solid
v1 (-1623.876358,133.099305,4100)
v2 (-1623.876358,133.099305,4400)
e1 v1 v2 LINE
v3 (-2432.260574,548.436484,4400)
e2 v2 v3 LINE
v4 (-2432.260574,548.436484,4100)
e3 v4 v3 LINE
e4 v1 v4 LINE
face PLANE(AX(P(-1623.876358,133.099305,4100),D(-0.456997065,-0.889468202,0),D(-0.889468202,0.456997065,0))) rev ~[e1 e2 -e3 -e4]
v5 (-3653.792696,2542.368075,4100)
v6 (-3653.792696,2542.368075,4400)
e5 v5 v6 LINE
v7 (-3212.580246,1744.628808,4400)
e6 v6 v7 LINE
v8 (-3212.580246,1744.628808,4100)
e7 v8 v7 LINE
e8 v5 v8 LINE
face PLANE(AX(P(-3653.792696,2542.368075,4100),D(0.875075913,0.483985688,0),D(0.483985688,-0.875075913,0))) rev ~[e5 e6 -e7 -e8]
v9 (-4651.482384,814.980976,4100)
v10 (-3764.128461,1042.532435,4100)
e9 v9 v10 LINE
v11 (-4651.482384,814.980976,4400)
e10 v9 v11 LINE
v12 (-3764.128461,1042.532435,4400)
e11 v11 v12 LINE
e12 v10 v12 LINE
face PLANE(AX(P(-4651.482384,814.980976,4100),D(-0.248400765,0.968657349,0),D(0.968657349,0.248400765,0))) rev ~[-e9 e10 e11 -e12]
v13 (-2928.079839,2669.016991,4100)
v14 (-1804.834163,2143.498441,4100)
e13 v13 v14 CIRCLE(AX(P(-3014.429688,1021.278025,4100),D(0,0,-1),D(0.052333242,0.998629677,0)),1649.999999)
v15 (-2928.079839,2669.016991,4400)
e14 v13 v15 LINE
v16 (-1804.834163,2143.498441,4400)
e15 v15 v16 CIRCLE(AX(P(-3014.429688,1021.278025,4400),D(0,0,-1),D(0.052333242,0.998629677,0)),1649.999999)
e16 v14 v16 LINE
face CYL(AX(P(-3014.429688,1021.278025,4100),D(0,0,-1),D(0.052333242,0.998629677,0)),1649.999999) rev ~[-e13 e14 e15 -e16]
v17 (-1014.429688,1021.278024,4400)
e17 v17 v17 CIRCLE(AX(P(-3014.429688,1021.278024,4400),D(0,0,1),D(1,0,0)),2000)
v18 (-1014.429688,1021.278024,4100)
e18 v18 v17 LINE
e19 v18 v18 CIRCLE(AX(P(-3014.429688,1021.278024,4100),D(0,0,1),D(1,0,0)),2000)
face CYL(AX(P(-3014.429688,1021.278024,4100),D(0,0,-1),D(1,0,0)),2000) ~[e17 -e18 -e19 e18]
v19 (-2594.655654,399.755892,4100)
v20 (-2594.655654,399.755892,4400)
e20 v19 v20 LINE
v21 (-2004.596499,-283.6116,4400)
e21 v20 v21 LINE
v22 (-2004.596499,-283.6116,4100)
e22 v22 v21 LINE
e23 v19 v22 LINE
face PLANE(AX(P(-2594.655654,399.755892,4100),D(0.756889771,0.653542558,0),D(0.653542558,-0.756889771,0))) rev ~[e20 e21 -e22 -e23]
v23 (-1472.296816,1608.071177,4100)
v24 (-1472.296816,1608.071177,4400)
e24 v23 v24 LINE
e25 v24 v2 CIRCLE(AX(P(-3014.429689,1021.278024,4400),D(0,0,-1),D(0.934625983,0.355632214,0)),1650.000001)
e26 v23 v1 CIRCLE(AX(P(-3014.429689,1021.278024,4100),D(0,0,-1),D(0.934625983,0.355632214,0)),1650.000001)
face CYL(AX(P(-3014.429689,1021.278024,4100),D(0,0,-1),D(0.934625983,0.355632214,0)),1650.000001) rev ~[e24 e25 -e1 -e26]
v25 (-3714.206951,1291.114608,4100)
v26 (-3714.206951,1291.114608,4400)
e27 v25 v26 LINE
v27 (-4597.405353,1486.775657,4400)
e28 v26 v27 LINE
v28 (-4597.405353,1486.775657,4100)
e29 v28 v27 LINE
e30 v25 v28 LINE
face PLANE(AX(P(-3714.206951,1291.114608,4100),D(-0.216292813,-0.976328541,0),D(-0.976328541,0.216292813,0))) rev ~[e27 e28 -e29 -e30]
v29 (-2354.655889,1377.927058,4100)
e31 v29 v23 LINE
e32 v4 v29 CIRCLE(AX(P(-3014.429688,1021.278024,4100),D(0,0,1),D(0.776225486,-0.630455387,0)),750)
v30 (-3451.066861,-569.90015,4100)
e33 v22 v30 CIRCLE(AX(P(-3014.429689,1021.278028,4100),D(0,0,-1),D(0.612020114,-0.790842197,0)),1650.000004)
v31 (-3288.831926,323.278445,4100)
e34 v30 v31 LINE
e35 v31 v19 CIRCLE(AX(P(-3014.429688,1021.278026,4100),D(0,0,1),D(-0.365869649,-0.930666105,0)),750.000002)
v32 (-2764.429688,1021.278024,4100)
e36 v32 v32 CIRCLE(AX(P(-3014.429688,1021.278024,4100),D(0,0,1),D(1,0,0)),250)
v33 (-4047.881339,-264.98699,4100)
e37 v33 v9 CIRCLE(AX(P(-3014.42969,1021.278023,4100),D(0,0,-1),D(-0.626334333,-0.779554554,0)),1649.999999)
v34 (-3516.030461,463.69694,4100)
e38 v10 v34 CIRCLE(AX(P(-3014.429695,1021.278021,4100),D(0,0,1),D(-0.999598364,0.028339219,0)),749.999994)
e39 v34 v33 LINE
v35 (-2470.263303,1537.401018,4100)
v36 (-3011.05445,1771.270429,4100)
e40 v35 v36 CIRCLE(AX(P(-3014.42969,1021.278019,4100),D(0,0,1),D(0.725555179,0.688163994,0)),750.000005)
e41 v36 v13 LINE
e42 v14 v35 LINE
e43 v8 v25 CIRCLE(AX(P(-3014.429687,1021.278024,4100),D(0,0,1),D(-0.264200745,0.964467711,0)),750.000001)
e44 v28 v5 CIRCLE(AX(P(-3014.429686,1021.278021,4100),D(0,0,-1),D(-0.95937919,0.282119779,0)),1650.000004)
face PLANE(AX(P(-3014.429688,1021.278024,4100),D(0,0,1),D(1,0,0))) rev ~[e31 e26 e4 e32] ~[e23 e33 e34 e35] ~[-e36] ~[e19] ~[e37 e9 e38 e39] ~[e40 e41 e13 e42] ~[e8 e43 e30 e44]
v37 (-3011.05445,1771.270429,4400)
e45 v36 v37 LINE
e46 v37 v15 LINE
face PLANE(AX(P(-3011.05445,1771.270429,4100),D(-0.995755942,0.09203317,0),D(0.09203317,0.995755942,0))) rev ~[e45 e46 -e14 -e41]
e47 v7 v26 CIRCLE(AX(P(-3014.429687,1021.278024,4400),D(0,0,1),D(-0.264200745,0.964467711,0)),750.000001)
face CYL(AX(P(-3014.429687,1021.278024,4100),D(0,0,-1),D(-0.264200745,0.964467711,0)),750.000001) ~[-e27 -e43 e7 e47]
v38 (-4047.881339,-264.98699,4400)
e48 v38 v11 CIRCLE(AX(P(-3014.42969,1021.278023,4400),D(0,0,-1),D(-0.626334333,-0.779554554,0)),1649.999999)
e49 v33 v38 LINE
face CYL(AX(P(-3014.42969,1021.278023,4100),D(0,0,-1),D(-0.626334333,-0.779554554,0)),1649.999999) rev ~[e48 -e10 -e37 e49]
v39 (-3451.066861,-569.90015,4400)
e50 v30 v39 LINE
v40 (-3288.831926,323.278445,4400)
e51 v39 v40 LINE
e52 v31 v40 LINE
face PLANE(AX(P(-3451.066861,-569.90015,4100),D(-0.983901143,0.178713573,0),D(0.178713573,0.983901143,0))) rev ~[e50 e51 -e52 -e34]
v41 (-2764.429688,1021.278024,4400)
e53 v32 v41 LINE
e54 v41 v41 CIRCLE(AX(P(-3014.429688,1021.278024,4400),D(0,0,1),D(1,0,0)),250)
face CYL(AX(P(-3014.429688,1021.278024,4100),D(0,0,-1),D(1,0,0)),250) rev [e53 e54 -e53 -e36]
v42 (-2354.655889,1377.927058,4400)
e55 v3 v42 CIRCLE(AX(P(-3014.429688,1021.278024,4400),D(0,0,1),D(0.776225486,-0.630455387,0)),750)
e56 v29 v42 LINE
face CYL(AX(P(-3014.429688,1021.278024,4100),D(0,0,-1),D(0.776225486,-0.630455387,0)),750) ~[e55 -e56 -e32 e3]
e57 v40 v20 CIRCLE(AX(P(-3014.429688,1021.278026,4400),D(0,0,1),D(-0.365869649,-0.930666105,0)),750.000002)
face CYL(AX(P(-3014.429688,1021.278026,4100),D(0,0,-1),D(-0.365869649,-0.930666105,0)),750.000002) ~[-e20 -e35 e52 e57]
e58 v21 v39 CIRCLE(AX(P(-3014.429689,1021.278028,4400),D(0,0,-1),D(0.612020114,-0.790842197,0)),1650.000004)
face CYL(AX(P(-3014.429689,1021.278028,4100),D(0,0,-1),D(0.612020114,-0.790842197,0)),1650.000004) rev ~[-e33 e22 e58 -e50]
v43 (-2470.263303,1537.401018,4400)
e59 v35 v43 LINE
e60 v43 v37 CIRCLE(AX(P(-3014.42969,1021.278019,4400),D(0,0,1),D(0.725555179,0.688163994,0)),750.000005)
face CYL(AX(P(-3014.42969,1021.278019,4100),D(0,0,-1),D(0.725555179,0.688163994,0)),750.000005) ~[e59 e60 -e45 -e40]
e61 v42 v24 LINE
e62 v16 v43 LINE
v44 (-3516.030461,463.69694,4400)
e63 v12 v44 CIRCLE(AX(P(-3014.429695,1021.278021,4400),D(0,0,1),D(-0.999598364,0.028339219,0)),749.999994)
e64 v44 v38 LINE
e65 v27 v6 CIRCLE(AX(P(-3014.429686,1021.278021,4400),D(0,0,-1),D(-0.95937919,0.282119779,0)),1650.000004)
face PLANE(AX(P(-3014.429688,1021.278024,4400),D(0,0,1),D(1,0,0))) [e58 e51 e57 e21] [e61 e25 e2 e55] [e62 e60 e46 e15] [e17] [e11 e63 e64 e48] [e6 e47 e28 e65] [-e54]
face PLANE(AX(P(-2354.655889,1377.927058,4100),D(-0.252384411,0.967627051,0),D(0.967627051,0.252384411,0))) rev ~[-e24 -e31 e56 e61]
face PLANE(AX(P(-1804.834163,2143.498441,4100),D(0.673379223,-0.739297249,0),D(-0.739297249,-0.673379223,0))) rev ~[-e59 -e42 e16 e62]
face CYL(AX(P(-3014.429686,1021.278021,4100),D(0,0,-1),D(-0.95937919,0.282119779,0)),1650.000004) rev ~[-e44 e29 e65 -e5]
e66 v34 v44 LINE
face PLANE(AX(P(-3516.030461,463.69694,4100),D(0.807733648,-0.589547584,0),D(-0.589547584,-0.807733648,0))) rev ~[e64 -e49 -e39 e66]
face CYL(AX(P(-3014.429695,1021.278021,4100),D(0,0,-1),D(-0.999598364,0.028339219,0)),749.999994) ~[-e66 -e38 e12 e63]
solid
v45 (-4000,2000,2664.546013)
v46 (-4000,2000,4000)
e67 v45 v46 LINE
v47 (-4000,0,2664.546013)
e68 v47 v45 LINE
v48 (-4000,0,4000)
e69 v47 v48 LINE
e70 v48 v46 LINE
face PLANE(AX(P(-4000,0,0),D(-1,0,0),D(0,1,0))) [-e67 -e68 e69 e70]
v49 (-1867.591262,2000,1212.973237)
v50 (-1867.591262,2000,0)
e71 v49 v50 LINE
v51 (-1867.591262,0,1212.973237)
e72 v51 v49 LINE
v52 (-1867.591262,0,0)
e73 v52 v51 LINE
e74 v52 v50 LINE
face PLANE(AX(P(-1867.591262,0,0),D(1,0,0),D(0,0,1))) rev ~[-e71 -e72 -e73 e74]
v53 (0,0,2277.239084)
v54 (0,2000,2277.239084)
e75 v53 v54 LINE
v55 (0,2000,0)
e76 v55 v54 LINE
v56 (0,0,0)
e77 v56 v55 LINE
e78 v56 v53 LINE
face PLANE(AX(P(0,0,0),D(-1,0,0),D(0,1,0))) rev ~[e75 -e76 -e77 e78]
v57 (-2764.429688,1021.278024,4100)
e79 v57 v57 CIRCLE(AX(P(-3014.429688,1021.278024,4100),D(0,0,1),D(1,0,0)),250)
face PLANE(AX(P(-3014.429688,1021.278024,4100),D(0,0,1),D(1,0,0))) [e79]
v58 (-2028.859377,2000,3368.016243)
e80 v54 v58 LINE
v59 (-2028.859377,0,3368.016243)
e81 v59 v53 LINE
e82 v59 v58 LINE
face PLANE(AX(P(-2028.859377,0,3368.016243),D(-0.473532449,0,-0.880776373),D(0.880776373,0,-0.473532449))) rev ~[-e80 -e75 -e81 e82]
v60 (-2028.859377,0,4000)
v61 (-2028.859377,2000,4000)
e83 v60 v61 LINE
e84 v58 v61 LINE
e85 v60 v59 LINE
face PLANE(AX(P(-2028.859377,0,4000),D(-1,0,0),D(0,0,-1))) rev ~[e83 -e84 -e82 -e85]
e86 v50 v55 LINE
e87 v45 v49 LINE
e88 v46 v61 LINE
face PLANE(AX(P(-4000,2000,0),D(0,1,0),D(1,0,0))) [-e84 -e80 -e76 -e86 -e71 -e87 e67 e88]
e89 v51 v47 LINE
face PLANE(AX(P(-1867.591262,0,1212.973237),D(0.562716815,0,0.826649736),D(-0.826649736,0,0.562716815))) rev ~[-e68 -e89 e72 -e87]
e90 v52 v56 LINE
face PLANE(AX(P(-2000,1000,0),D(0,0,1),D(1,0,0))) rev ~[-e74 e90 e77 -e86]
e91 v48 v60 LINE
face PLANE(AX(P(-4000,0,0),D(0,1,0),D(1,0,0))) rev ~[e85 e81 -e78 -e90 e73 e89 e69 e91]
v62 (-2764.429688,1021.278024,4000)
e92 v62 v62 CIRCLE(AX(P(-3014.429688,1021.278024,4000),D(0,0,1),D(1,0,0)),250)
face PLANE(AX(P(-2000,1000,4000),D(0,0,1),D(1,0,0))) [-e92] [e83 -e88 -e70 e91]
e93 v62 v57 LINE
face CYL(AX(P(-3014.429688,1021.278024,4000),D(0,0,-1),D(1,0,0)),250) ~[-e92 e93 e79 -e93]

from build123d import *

# Parameters (mm, degrees)
F0_W     = 4000
F0_H     = 2000
F1_DEPTH = 4000
F3_DEPTH = 2000.001
F4_R     = 250
F5_DEPTH = 100
F6_R     = 2000
F6_R_2   = 250
F7_DEPTH = 300


with BuildPart() as f1:
    # F0 (on Top) → F1 (new body)
    with BuildSketch(Plane.XY):
        with Locations((-2000, 1000)):
            Rectangle(F0_W, F0_H)
    extrude(amount=F1_DEPTH)

    # F2 (on face) → F3 (cut, through all)
    with BuildSketch(Plane.XZ):
        Polygon((-4000, 0), (-1867.591262, 0), (-1867.591262, 1212.973237), (-4000, 2664.546013), align=None)
        Polygon((-2028.859377, 3368.016243), (0, 2277.239084), (0, 4000), (-2028.859377, 4000), align=None)
    extrude(amount=-F3_DEPTH, mode=Mode.SUBTRACT)

    # F4 (on face) → F5 (join)
    with BuildSketch(Plane.XY.offset(4000)):
        with Locations((-3014.429688, 1021.278024)):
            Circle(F4_R)
    extrude(amount=F5_DEPTH)


with BuildPart() as f7:
    # F6 (on face) → F7 (new body)
    with BuildSketch(Plane.XY.offset(4100)):
        with Locations((-3014.429688, 1021.278024)):
            Circle(F6_R)
        with BuildLine():
            ThreePointArc((-3764.128461, 1042.532435), (-3703.777403, 725.812748), (-3516.030461, 463.69694))
            Line((-3516.030461, 463.69694), (-4047.881339, -264.98699))
            ThreePointArc((-4047.881339, -264.98699), (-4454.735582, 216.281792), (-4651.482384, 814.980976))
            Line((-4651.482384, 814.980976), (-3764.128461, 1042.532435))
        make_face(mode=Mode.SUBTRACT)
        with BuildLine():
            ThreePointArc((-3288.831926, 323.278445), (-2932.299062, 275.788547), (-2594.655654, 399.755892))
            Line((-2594.655654, 399.755892), (-2004.596499, -283.6116))
            ThreePointArc((-2004.596499, -283.6116), (-2694.072541, -597.323625), (-3451.066861, -569.90015))
            Line((-3451.066861, -569.90015), (-3288.831926, 323.278445))
        make_face(mode=Mode.SUBTRACT)
        with BuildLine():
            ThreePointArc((-2432.260574, 548.436484), (-2267.690642, 951.415327), (-2354.655889, 1377.927058))
            Line((-2354.655889, 1377.927058), (-1472.296816, 1608.071177))
            ThreePointArc((-1472.296816, 1608.071177), (-1373.074274, 852.599619), (-1623.876358, 133.099305))
            Line((-1623.876358, 133.099305), (-2432.260574, 548.436484))
        make_face(mode=Mode.SUBTRACT)
        with BuildLine():
            Line((-3653.792696, 2542.368075), (-3212.580246, 1744.628808))
            ThreePointArc((-3212.580246, 1744.628808), (-3517.408192, 1577.616612), (-3714.206951, 1291.114608))
            Line((-3714.206951, 1291.114608), (-4597.405353, 1486.775657))
            ThreePointArc((-4597.405353, 1486.775657), (-4244.578513, 2120.929727), (-3653.792696, 2542.368075))
        make_face(mode=Mode.SUBTRACT)
        with Locations((-3014.429688, 1021.278024)):
            Circle(F6_R_2, mode=Mode.SUBTRACT)
        with BuildLine():
            ThreePointArc((-2928.079839, 2669.016991), (-2315.20795, 2515.797666), (-1804.834163, 2143.498441))
            Line((-1804.834163, 2143.498441), (-2470.263303, 1537.401018))
            ThreePointArc((-2470.263303, 1537.401018), (-2716.731548, 1709.66441), (-3011.05445, 1771.270429))
            Line((-3011.05445, 1771.270429), (-2928.079839, 2669.016991))
        make_face(mode=Mode.SUBTRACT)
    extrude(amount=F7_DEPTH)


solid = Compound([f1.part, f7.part])
